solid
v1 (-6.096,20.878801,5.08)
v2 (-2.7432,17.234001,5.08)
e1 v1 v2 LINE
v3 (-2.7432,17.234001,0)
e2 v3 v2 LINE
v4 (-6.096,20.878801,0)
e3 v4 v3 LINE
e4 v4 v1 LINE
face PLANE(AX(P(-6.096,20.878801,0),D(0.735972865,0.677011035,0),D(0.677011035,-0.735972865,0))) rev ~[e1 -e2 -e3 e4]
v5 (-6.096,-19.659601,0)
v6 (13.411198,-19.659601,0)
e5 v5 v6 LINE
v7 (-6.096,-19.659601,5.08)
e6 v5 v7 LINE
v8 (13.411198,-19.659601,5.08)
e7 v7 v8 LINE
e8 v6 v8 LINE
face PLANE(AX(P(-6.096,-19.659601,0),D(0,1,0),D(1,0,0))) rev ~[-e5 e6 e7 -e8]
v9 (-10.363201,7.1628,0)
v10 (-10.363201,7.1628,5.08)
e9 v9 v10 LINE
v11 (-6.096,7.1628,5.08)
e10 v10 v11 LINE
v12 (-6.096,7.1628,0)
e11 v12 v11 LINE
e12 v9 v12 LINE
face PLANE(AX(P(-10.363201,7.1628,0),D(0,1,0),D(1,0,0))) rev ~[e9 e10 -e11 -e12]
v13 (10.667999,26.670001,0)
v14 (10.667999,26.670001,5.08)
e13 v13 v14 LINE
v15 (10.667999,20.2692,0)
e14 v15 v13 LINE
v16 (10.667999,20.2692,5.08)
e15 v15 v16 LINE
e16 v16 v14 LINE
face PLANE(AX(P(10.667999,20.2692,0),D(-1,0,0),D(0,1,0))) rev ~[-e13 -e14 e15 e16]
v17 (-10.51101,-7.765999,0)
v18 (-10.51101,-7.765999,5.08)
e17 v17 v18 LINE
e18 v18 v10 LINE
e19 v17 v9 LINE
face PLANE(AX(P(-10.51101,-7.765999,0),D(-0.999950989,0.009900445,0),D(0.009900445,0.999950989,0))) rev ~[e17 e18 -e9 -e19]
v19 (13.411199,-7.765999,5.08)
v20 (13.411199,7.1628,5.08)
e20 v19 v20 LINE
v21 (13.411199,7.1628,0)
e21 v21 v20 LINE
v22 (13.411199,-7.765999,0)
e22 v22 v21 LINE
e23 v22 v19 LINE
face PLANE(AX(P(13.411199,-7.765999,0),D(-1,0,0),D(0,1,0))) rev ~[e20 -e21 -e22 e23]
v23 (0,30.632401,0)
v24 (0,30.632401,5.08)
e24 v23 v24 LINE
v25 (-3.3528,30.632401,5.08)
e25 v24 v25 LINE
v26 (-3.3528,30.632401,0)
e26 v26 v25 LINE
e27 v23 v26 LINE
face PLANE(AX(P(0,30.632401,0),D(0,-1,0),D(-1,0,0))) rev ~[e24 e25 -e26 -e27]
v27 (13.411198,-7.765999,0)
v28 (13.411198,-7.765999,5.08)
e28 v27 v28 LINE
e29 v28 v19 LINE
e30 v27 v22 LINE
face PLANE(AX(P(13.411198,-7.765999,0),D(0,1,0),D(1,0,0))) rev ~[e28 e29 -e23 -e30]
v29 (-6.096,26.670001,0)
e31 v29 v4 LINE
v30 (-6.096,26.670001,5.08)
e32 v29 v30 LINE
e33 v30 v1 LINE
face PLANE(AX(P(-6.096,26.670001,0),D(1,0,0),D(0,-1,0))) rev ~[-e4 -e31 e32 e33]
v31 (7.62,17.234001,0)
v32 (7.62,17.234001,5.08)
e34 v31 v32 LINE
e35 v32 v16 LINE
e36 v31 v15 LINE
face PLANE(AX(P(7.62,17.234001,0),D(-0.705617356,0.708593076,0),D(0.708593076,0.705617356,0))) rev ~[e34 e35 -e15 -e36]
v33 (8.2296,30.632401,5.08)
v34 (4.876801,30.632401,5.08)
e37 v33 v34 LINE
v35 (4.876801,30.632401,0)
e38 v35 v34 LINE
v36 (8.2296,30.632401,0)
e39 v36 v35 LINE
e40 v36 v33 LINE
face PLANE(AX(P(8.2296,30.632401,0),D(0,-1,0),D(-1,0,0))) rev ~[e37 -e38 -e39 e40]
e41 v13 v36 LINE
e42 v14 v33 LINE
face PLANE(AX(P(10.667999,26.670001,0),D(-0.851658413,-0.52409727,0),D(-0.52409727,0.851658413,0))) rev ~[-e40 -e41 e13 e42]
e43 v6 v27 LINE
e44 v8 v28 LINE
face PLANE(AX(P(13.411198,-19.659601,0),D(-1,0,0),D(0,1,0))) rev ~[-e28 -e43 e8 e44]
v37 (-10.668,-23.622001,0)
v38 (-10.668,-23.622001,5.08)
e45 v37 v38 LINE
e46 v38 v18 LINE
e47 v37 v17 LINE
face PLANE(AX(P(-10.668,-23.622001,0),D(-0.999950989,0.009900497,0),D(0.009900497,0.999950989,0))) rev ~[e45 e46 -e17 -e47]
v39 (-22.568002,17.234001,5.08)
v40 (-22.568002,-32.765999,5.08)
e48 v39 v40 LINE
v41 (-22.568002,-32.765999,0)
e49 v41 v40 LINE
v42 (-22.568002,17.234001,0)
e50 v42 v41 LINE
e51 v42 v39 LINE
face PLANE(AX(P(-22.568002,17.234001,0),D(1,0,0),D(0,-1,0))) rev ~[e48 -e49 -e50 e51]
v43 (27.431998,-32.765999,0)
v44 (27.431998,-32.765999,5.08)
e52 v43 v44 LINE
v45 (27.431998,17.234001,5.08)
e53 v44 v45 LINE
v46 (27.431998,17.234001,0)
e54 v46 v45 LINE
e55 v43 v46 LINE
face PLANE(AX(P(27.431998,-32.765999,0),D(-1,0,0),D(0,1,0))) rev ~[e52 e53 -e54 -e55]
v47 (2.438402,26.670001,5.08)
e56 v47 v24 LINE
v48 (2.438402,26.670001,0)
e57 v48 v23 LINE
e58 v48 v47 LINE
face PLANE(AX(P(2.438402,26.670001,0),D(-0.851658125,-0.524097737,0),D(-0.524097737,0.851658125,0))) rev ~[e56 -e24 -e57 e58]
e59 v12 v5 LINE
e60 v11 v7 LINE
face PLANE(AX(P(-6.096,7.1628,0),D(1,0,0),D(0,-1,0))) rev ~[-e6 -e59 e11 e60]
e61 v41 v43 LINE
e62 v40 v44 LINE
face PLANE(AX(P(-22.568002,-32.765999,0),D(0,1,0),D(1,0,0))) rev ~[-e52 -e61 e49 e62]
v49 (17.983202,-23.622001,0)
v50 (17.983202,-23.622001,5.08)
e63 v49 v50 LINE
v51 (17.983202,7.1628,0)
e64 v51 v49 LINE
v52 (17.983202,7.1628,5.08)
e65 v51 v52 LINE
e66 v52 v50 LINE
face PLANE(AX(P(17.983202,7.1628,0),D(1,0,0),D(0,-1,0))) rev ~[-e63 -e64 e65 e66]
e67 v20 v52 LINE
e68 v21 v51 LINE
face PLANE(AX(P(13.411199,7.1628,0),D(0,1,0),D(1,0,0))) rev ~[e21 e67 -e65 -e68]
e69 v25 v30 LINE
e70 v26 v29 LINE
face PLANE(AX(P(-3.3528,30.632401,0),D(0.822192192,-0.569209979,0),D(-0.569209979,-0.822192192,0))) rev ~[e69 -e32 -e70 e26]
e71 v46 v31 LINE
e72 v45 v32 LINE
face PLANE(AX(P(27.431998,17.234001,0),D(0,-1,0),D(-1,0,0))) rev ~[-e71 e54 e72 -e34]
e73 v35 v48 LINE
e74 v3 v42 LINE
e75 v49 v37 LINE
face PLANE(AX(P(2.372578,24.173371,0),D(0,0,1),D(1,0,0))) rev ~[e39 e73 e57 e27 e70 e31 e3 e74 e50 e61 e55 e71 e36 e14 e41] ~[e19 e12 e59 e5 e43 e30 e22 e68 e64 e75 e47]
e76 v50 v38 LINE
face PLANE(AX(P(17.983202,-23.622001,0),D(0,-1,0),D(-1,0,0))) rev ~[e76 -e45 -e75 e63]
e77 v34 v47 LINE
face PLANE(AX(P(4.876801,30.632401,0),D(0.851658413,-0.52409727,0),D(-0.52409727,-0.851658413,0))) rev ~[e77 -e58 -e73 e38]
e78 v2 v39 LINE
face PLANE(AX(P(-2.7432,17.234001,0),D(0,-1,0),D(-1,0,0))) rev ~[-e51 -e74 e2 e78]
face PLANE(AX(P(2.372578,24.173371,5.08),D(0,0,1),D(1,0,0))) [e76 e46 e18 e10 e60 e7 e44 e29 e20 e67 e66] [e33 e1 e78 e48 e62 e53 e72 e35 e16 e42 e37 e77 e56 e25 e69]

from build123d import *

# Parameters (mm, degrees)
F0_W     = 8.527998
F0_H     = 11.893602
F0_W_2   = 10.979201
F1_DEPTH = 5.08


with BuildPart() as f1:
    # F0 (on Top) → F1 (new body)
    with BuildSketch(Plane.XY):
        Polygon((-6.096, 20.878801), (-2.7432, 17.234001), (2.431998, 17.234001), (7.62, 17.234001), (10.667999, 20.2692), (10.667999, 23.012402), (10.667999, 26.670001), (8.2296, 30.632401), (4.876801, 30.632401), (2.438402, 26.670001), (0, 30.632401), (-3.3528, 30.632401), (-6.096, 26.670001), (-6.096, 23.622001), align=None)
        Polygon((7.62, 17.234001), (2.431998, 17.234001), (2.431998, -7.765999), (13.411199, -7.765999), (13.411199, 7.1628), (17.983202, 7.1628), (17.983202, -7.765999), (27.431998, -7.765999), (27.431998, 17.234001), align=None)
        Polygon((2.431998, -23.622001), (2.431998, -32.765999), (27.431998, -32.765999), (27.431998, -7.765999), (17.983202, -7.765999), (17.983202, -23.622001), align=None)
        Polygon((-10.51101, -7.765999), (-22.568002, -7.765999), (-22.568002, -32.765999), (2.431998, -32.765999), (2.431998, -23.622001), (-10.668, -23.622001), align=None)
        Polygon((-2.7432, 17.234001), (-22.568002, 17.234001), (-22.568002, -7.765999), (-10.51101, -7.765999), (-10.363201, 7.1628), (-6.096, 7.1628), (-6.096, -7.765999), (2.431998, -7.765999), (2.431998, 17.234001), align=None)
        with Locations((-1.832001, -13.7128)):
            Rectangle(F0_W, F0_H)
        with Locations((7.921598, -13.7128)):
            Rectangle(F0_W_2, F0_H)
    extrude(amount=F1_DEPTH)


solid = f1.part
